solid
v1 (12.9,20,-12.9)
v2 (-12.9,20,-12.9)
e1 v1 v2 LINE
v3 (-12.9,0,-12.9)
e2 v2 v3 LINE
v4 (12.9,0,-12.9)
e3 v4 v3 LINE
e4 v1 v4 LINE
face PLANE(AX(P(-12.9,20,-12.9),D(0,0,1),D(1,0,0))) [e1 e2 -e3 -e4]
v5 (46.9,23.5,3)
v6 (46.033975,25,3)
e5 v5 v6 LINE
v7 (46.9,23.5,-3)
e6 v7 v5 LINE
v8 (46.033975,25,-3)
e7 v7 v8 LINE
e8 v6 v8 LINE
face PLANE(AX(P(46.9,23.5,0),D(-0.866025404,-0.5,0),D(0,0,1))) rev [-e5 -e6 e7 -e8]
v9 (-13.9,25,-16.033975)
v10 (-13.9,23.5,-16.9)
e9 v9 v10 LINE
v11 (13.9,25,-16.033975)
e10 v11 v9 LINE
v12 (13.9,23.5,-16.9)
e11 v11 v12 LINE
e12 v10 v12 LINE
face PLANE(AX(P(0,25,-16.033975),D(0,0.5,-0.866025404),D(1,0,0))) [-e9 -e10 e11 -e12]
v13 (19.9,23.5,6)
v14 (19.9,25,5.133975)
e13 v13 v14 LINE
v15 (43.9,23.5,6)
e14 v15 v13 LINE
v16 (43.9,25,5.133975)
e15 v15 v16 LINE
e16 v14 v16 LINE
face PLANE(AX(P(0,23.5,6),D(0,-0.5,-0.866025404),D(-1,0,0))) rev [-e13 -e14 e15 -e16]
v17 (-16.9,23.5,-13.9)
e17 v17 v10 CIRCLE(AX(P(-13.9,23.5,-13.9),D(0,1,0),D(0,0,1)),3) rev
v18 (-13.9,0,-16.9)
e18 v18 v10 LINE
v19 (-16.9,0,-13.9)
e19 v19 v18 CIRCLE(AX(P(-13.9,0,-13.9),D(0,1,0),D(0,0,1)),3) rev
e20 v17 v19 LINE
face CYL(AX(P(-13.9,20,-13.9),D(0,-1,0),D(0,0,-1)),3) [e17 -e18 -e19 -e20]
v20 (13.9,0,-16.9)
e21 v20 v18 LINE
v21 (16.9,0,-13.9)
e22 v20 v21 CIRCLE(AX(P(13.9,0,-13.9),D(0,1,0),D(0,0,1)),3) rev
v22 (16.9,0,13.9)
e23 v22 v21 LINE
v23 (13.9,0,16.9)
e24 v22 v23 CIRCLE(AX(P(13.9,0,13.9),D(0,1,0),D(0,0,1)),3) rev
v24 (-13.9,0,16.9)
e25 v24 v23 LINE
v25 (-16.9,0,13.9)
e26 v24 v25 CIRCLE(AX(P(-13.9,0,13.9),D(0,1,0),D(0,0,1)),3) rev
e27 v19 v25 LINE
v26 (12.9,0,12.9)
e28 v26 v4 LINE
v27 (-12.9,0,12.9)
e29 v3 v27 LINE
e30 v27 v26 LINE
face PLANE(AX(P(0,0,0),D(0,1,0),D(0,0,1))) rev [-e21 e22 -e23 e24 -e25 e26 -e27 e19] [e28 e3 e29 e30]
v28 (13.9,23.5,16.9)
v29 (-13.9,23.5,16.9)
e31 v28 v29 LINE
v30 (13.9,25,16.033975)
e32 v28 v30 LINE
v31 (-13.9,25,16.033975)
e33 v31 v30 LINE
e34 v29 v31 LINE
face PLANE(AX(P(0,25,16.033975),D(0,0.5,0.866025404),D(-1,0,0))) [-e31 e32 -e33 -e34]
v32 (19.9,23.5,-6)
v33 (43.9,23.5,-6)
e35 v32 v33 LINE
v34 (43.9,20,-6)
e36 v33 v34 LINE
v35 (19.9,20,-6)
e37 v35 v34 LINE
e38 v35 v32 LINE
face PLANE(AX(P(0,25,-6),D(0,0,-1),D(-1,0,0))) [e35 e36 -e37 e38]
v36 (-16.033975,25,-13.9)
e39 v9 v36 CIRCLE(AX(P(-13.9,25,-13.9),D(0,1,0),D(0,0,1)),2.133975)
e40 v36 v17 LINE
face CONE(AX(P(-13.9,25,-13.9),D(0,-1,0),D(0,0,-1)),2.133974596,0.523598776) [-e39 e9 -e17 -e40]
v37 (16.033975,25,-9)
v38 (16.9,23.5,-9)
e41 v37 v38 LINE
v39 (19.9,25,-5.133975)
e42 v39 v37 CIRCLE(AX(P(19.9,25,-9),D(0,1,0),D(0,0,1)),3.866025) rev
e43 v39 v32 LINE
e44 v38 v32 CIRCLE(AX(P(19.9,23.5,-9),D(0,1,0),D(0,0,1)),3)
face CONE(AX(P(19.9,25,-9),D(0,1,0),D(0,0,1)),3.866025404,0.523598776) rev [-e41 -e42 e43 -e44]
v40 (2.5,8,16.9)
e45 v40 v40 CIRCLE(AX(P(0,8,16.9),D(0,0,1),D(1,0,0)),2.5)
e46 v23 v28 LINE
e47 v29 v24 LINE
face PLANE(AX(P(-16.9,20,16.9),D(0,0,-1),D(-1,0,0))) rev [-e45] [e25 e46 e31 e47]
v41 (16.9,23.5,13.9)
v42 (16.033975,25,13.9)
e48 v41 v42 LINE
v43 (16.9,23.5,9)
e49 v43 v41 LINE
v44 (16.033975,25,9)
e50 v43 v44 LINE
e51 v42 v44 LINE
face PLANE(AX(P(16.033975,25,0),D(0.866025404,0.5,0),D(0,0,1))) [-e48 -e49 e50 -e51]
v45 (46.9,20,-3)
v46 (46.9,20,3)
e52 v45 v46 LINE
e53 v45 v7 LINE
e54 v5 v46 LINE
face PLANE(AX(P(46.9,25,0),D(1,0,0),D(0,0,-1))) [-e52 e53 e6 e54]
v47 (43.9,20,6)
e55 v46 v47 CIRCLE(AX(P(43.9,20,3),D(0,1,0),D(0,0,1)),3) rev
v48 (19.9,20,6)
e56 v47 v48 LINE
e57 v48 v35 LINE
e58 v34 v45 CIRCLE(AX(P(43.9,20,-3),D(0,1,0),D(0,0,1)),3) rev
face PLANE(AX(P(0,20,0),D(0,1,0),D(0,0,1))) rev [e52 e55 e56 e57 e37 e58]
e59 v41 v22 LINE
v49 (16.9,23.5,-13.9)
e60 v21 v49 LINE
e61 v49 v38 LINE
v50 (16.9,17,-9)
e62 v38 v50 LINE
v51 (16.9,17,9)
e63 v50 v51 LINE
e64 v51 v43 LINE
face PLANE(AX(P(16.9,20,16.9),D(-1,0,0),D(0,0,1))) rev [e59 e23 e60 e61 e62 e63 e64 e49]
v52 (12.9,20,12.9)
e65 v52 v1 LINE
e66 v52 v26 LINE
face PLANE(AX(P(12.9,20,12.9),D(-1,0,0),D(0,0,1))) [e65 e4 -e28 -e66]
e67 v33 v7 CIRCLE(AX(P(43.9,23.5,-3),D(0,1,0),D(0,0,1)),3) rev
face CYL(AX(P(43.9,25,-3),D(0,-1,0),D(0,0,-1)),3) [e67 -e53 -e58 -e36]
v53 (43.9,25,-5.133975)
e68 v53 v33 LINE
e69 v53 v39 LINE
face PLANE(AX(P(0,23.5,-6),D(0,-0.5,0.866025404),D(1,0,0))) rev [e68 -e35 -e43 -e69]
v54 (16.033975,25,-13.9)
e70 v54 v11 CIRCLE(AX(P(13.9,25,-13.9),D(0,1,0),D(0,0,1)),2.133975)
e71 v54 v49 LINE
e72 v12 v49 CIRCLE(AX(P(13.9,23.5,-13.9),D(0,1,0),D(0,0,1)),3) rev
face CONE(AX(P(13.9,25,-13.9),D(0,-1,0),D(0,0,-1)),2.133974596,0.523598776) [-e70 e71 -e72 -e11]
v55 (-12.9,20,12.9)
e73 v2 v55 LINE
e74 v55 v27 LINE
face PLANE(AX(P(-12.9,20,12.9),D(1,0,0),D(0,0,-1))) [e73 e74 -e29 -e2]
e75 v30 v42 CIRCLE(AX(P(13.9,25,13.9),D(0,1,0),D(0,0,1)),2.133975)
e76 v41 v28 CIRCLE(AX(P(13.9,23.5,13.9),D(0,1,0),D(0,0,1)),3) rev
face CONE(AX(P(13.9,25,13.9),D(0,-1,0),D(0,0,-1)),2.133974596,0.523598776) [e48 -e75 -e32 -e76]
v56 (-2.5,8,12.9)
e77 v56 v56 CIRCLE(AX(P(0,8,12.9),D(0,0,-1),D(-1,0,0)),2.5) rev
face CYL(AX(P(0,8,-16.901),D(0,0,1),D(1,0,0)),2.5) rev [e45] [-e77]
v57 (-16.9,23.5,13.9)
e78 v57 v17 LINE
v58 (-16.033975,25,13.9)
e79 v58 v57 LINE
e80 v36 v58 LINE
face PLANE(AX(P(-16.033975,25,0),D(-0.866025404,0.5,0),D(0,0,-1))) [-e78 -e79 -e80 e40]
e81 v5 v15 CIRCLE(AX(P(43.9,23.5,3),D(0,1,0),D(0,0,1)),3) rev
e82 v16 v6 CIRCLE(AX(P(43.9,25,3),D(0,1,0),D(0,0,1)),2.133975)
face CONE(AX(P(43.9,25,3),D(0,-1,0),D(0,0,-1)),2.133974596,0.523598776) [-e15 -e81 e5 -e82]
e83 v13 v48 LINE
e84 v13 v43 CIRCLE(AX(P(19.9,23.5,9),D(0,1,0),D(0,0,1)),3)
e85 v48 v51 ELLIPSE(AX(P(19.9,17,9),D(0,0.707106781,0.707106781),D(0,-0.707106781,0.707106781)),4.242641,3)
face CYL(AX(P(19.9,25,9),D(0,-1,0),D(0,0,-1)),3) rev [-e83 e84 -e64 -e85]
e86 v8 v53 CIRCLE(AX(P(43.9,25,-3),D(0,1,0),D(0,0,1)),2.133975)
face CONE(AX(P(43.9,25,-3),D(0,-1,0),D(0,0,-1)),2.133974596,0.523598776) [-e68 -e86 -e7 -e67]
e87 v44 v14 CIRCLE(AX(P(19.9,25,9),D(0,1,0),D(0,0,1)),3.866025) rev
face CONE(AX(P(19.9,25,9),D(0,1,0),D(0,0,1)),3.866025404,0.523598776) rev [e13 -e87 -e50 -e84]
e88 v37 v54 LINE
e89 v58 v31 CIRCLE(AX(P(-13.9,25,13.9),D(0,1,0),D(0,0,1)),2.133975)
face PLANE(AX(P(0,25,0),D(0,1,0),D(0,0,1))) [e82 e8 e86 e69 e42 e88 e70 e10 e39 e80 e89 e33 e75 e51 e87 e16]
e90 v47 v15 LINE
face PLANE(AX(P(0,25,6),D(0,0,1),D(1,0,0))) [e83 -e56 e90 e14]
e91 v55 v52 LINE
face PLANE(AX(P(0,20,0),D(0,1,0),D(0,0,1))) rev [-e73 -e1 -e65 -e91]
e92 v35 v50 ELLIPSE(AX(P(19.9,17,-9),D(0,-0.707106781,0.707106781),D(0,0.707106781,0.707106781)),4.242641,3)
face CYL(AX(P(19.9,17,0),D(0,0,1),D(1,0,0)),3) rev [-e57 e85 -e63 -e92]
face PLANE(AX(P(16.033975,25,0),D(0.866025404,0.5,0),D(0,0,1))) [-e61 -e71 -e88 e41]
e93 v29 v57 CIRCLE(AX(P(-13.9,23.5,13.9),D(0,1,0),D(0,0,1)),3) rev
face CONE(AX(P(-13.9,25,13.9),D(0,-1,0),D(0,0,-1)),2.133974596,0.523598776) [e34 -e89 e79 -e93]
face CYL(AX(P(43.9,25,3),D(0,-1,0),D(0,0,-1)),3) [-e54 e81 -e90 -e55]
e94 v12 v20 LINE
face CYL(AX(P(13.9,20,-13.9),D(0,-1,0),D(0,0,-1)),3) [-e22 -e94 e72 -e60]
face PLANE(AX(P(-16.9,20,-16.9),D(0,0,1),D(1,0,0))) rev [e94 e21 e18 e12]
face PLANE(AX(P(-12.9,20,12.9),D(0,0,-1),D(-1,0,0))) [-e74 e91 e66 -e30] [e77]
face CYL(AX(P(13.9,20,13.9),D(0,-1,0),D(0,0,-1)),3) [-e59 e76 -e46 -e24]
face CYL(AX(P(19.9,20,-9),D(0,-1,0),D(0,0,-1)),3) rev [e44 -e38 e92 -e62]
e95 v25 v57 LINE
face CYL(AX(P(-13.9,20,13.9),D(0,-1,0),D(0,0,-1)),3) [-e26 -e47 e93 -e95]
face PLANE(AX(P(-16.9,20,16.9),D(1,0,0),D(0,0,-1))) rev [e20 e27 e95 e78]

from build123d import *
from OCP.BRepFilletAPI import BRepFilletAPI_MakeChamfer

# Parameters (mm, degrees)
SKETCH1_W           = 33.8
SKETCH1_H           = 33.8
SKETCH1_W_2         = 25.8
SKETCH1_H_2         = 25.8
BOSS_EXTRUDE1_DEPTH = 20
SKETCH2_W           = 30
SKETCH2_H           = 12
SKETCH2_W_2         = 25.8
SKETCH2_H_2         = 25.8
BOSS_EXTRUDE2_DEPTH = 5
CUT_EXTRUDE1_REACH  = 64.985
SKETCH3_R           = 2.5
FILLET1_R           = 3
CHAMFER1_SIZE       = 1.5
CHAMFER1_SIZE2      = 0.866025404


with BuildPart() as part:
    # Sketch1 → Boss-Extrude1 (new body)
    with BuildSketch(Plane(origin=(0, 0, 0), x_dir=(1, 0, 0), z_dir=(0, 1, 0))):
        Rectangle(SKETCH1_W, SKETCH1_H)
        Rectangle(SKETCH1_W_2, SKETCH1_H_2, mode=Mode.SUBTRACT)
    extrude(amount=BOSS_EXTRUDE1_DEPTH)

    # Sketch2 → Boss-Extrude2 (add)
    # profile 1 of 3: a face of its own
    with BuildSketch(Plane(origin=(0, 20, 0), x_dir=(1, 0, 0), z_dir=(0, 1, 0))):
        with Locations((31.9, 0)):
            Rectangle(SKETCH2_W, SKETCH2_H)
    # profile 2 of 3: a face of its own
    with BuildSketch(Plane(origin=(0, 20, 0), x_dir=(1, 0, 0), z_dir=(0, 1, 0))):
        Polygon((16.9, 16.9), (-16.9, 16.9), (-16.9, -16.9), (16.9, -16.9), (16.9, -6), (16.9, 6), align=None)
        Rectangle(SKETCH2_W_2, SKETCH2_H_2, mode=Mode.SUBTRACT)
    # profile 3 of 3: a face of its own
    with BuildSketch(Plane(origin=(0, 20, 0), x_dir=(1, 0, 0), z_dir=(0, 1, 0))):
        Rectangle(SKETCH2_W_2, SKETCH2_H_2)
    extrude(amount=BOSS_EXTRUDE2_DEPTH)

    # Sketch3 → Cut-Extrude1 (cut, up to next)
    with BuildSketch(Plane.XY.offset(16.9), mode=Mode.PRIVATE) as cut_extrude1_sk1:
        with Locations((0, 8)):
            Circle(SKETCH3_R)
    cut_extrude1_tool1 = extrude(cut_extrude1_sk1.sketch, amount=-CUT_EXTRUDE1_REACH, mode=Mode.PRIVATE) & part.part
    add(cut_extrude1_tool1.solids().sort_by_distance((0, 8, 16.9))[0], mode=Mode.SUBTRACT)

    # Fillet1
    fillet1_edges = [part.edges().sort_by_distance(p)[0] for p in [
        (16.9, 20, 0),
        (16.9, 22.5, 6),
        (46.9, 22.5, 6),
        (46.9, 22.5, -6),
        (16.9, 22.5, -6),
        (-16.9, 12.5, 16.9),
        (-16.9, 12.5, -16.9),
        (16.9, 12.5, -16.9),
        (16.9, 12.5, 16.9),
    ]]
    fillet(fillet1_edges, radius=FILLET1_R)

    # Chamfer1: one chamfer whose edges measure the first distance from different faces: ONE call of the kernel's chamfer builder (chamfer() names one face for all edges)
    chamfer1_edges_1 = [part.edges().sort_by_distance(p)[0] for p in [
        (16.9, 25, -11.45),
        (16.9, 25, 11.45),
    ]]
    chamfer1_side_1 = [part.faces().sort_by_distance(p)[0] for p in [
        (16.9, 10.278584392, 0),
    ]]
    chamfer1_edges_2 = [part.edges().sort_by_distance(p)[0] for p in [
        (0, 25, 16.9),
    ]]
    chamfer1_side_2 = [part.faces().sort_by_distance(p)[0] for p in [
        (0, 12.63082894, 16.9),
    ]]
    chamfer1_edges_3 = [part.edges().sort_by_distance(p)[0] for p in [
        (31.9, 25, 6),
    ]]
    chamfer1_side_3 = [part.faces().sort_by_distance(p)[0] for p in [
        (31.9, 22.5, 6),
    ]]
    chamfer1_edges_4 = [part.edges().sort_by_distance(p)[0] for p in [
        (46.9, 25, 0),
    ]]
    chamfer1_side_4 = [part.faces().sort_by_distance(p)[0] for p in [
        (46.9, 22.5, 0),
    ]]
    chamfer1_edges_5 = [part.edges().sort_by_distance(p)[0] for p in [
        (31.9, 25, -6),
    ]]
    chamfer1_side_5 = [part.faces().sort_by_distance(p)[0] for p in [
        (31.9, 22.5, -6),
    ]]
    chamfer1_edges_6 = [part.edges().sort_by_distance(p)[0] for p in [
        (0, 25, -16.9),
    ]]
    chamfer1_side_6 = [part.faces().sort_by_distance(p)[0] for p in [
        (0, 12.5, -16.9),
    ]]
    chamfer1_edges_7 = [part.edges().sort_by_distance(p)[0] for p in [
        (-16.9, 25, 0),
    ]]
    chamfer1_side_7 = [part.faces().sort_by_distance(p)[0] for p in [
        (-16.9, 12.5, 0),
    ]]
    chamfer1_edges_8 = [part.edges().sort_by_distance(p)[0] for p in [
        (46.021320344, 25, 5.121320344),
    ]]
    chamfer1_side_8 = [part.faces().sort_by_distance(p)[0] for p in [
        (46.021320344, 22.5, 5.121320344),
    ]]
    chamfer1_edges_9 = [part.edges().sort_by_distance(p)[0] for p in [
        (46.021320344, 25, -5.121320344),
    ]]
    chamfer1_side_9 = [part.faces().sort_by_distance(p)[0] for p in [
        (46.021320344, 22.5, -5.121320344),
    ]]
    chamfer1_edges_10 = [part.edges().sort_by_distance(p)[0] for p in [
        (16.021320344, 25, -16.021320344),
    ]]
    chamfer1_side_10 = [part.faces().sort_by_distance(p)[0] for p in [
        (16.021320344, 12.5, -16.021320344),
    ]]
    chamfer1_edges_11 = [part.edges().sort_by_distance(p)[0] for p in [
        (-16.021320344, 25, -16.021320344),
    ]]
    chamfer1_side_11 = [part.faces().sort_by_distance(p)[0] for p in [
        (-16.021320344, 12.5, -16.021320344),
    ]]
    chamfer1_edges_12 = [part.edges().sort_by_distance(p)[0] for p in [
        (-16.021320344, 25, 16.021320344),
    ]]
    chamfer1_side_12 = [part.faces().sort_by_distance(p)[0] for p in [
        (-16.021320344, 12.5, 16.021320344),
    ]]
    chamfer1_edges_13 = [part.edges().sort_by_distance(p)[0] for p in [
        (16.021320344, 25, 16.021320344),
    ]]
    chamfer1_side_13 = [part.faces().sort_by_distance(p)[0] for p in [
        (16.021320344, 12.5, 16.021320344),
    ]]
    chamfer1_edges_14 = [part.edges().sort_by_distance(p)[0] for p in [
        (17.778679656, 25, -6.878679656),
    ]]
    chamfer1_side_14 = [part.faces().sort_by_distance(p)[0] for p in [
        (17.778679656, 21, -6.878679656),
    ]]
    chamfer1_edges_15 = [part.edges().sort_by_distance(p)[0] for p in [
        (17.778679656, 25, 6.878679656),
    ]]
    chamfer1_side_15 = [part.faces().sort_by_distance(p)[0] for p in [
        (17.778679656, 21, 6.878679656),
    ]]
    chamfer1 = BRepFilletAPI_MakeChamfer(part.part.solid().wrapped)
    for e in chamfer1_edges_1:
        chamfer1.Add(CHAMFER1_SIZE, CHAMFER1_SIZE2, e.wrapped, chamfer1_side_1[0].wrapped)  # the first distance lies on this face
    for e in chamfer1_edges_2:
        chamfer1.Add(CHAMFER1_SIZE, CHAMFER1_SIZE2, e.wrapped, chamfer1_side_2[0].wrapped)  # the first distance lies on this face
    for e in chamfer1_edges_3:
        chamfer1.Add(CHAMFER1_SIZE, CHAMFER1_SIZE2, e.wrapped, chamfer1_side_3[0].wrapped)  # the first distance lies on this face
    for e in chamfer1_edges_4:
        chamfer1.Add(CHAMFER1_SIZE, CHAMFER1_SIZE2, e.wrapped, chamfer1_side_4[0].wrapped)  # the first distance lies on this face
    for e in chamfer1_edges_5:
        chamfer1.Add(CHAMFER1_SIZE, CHAMFER1_SIZE2, e.wrapped, chamfer1_side_5[0].wrapped)  # the first distance lies on this face
    for e in chamfer1_edges_6:
        chamfer1.Add(CHAMFER1_SIZE, CHAMFER1_SIZE2, e.wrapped, chamfer1_side_6[0].wrapped)  # the first distance lies on this face
    for e in chamfer1_edges_7:
        chamfer1.Add(CHAMFER1_SIZE, CHAMFER1_SIZE2, e.wrapped, chamfer1_side_7[0].wrapped)  # the first distance lies on this face
    for e in chamfer1_edges_8:
        chamfer1.Add(CHAMFER1_SIZE, CHAMFER1_SIZE2, e.wrapped, chamfer1_side_8[0].wrapped)  # the first distance lies on this face
    for e in chamfer1_edges_9:
        chamfer1.Add(CHAMFER1_SIZE, CHAMFER1_SIZE2, e.wrapped, chamfer1_side_9[0].wrapped)  # the first distance lies on this face
    for e in chamfer1_edges_10:
        chamfer1.Add(CHAMFER1_SIZE, CHAMFER1_SIZE2, e.wrapped, chamfer1_side_10[0].wrapped)  # the first distance lies on this face
    for e in chamfer1_edges_11:
        chamfer1.Add(CHAMFER1_SIZE, CHAMFER1_SIZE2, e.wrapped, chamfer1_side_11[0].wrapped)  # the first distance lies on this face
    for e in chamfer1_edges_12:
        chamfer1.Add(CHAMFER1_SIZE, CHAMFER1_SIZE2, e.wrapped, chamfer1_side_12[0].wrapped)  # the first distance lies on this face
    for e in chamfer1_edges_13:
        chamfer1.Add(CHAMFER1_SIZE, CHAMFER1_SIZE2, e.wrapped, chamfer1_side_13[0].wrapped)  # the first distance lies on this face
    for e in chamfer1_edges_14:
        chamfer1.Add(CHAMFER1_SIZE, CHAMFER1_SIZE2, e.wrapped, chamfer1_side_14[0].wrapped)  # the first distance lies on this face
    for e in chamfer1_edges_15:
        chamfer1.Add(CHAMFER1_SIZE, CHAMFER1_SIZE2, e.wrapped, chamfer1_side_15[0].wrapped)  # the first distance lies on this face
    add(Compound.cast(chamfer1.Shape()), mode=Mode.REPLACE)


solid = part.part
